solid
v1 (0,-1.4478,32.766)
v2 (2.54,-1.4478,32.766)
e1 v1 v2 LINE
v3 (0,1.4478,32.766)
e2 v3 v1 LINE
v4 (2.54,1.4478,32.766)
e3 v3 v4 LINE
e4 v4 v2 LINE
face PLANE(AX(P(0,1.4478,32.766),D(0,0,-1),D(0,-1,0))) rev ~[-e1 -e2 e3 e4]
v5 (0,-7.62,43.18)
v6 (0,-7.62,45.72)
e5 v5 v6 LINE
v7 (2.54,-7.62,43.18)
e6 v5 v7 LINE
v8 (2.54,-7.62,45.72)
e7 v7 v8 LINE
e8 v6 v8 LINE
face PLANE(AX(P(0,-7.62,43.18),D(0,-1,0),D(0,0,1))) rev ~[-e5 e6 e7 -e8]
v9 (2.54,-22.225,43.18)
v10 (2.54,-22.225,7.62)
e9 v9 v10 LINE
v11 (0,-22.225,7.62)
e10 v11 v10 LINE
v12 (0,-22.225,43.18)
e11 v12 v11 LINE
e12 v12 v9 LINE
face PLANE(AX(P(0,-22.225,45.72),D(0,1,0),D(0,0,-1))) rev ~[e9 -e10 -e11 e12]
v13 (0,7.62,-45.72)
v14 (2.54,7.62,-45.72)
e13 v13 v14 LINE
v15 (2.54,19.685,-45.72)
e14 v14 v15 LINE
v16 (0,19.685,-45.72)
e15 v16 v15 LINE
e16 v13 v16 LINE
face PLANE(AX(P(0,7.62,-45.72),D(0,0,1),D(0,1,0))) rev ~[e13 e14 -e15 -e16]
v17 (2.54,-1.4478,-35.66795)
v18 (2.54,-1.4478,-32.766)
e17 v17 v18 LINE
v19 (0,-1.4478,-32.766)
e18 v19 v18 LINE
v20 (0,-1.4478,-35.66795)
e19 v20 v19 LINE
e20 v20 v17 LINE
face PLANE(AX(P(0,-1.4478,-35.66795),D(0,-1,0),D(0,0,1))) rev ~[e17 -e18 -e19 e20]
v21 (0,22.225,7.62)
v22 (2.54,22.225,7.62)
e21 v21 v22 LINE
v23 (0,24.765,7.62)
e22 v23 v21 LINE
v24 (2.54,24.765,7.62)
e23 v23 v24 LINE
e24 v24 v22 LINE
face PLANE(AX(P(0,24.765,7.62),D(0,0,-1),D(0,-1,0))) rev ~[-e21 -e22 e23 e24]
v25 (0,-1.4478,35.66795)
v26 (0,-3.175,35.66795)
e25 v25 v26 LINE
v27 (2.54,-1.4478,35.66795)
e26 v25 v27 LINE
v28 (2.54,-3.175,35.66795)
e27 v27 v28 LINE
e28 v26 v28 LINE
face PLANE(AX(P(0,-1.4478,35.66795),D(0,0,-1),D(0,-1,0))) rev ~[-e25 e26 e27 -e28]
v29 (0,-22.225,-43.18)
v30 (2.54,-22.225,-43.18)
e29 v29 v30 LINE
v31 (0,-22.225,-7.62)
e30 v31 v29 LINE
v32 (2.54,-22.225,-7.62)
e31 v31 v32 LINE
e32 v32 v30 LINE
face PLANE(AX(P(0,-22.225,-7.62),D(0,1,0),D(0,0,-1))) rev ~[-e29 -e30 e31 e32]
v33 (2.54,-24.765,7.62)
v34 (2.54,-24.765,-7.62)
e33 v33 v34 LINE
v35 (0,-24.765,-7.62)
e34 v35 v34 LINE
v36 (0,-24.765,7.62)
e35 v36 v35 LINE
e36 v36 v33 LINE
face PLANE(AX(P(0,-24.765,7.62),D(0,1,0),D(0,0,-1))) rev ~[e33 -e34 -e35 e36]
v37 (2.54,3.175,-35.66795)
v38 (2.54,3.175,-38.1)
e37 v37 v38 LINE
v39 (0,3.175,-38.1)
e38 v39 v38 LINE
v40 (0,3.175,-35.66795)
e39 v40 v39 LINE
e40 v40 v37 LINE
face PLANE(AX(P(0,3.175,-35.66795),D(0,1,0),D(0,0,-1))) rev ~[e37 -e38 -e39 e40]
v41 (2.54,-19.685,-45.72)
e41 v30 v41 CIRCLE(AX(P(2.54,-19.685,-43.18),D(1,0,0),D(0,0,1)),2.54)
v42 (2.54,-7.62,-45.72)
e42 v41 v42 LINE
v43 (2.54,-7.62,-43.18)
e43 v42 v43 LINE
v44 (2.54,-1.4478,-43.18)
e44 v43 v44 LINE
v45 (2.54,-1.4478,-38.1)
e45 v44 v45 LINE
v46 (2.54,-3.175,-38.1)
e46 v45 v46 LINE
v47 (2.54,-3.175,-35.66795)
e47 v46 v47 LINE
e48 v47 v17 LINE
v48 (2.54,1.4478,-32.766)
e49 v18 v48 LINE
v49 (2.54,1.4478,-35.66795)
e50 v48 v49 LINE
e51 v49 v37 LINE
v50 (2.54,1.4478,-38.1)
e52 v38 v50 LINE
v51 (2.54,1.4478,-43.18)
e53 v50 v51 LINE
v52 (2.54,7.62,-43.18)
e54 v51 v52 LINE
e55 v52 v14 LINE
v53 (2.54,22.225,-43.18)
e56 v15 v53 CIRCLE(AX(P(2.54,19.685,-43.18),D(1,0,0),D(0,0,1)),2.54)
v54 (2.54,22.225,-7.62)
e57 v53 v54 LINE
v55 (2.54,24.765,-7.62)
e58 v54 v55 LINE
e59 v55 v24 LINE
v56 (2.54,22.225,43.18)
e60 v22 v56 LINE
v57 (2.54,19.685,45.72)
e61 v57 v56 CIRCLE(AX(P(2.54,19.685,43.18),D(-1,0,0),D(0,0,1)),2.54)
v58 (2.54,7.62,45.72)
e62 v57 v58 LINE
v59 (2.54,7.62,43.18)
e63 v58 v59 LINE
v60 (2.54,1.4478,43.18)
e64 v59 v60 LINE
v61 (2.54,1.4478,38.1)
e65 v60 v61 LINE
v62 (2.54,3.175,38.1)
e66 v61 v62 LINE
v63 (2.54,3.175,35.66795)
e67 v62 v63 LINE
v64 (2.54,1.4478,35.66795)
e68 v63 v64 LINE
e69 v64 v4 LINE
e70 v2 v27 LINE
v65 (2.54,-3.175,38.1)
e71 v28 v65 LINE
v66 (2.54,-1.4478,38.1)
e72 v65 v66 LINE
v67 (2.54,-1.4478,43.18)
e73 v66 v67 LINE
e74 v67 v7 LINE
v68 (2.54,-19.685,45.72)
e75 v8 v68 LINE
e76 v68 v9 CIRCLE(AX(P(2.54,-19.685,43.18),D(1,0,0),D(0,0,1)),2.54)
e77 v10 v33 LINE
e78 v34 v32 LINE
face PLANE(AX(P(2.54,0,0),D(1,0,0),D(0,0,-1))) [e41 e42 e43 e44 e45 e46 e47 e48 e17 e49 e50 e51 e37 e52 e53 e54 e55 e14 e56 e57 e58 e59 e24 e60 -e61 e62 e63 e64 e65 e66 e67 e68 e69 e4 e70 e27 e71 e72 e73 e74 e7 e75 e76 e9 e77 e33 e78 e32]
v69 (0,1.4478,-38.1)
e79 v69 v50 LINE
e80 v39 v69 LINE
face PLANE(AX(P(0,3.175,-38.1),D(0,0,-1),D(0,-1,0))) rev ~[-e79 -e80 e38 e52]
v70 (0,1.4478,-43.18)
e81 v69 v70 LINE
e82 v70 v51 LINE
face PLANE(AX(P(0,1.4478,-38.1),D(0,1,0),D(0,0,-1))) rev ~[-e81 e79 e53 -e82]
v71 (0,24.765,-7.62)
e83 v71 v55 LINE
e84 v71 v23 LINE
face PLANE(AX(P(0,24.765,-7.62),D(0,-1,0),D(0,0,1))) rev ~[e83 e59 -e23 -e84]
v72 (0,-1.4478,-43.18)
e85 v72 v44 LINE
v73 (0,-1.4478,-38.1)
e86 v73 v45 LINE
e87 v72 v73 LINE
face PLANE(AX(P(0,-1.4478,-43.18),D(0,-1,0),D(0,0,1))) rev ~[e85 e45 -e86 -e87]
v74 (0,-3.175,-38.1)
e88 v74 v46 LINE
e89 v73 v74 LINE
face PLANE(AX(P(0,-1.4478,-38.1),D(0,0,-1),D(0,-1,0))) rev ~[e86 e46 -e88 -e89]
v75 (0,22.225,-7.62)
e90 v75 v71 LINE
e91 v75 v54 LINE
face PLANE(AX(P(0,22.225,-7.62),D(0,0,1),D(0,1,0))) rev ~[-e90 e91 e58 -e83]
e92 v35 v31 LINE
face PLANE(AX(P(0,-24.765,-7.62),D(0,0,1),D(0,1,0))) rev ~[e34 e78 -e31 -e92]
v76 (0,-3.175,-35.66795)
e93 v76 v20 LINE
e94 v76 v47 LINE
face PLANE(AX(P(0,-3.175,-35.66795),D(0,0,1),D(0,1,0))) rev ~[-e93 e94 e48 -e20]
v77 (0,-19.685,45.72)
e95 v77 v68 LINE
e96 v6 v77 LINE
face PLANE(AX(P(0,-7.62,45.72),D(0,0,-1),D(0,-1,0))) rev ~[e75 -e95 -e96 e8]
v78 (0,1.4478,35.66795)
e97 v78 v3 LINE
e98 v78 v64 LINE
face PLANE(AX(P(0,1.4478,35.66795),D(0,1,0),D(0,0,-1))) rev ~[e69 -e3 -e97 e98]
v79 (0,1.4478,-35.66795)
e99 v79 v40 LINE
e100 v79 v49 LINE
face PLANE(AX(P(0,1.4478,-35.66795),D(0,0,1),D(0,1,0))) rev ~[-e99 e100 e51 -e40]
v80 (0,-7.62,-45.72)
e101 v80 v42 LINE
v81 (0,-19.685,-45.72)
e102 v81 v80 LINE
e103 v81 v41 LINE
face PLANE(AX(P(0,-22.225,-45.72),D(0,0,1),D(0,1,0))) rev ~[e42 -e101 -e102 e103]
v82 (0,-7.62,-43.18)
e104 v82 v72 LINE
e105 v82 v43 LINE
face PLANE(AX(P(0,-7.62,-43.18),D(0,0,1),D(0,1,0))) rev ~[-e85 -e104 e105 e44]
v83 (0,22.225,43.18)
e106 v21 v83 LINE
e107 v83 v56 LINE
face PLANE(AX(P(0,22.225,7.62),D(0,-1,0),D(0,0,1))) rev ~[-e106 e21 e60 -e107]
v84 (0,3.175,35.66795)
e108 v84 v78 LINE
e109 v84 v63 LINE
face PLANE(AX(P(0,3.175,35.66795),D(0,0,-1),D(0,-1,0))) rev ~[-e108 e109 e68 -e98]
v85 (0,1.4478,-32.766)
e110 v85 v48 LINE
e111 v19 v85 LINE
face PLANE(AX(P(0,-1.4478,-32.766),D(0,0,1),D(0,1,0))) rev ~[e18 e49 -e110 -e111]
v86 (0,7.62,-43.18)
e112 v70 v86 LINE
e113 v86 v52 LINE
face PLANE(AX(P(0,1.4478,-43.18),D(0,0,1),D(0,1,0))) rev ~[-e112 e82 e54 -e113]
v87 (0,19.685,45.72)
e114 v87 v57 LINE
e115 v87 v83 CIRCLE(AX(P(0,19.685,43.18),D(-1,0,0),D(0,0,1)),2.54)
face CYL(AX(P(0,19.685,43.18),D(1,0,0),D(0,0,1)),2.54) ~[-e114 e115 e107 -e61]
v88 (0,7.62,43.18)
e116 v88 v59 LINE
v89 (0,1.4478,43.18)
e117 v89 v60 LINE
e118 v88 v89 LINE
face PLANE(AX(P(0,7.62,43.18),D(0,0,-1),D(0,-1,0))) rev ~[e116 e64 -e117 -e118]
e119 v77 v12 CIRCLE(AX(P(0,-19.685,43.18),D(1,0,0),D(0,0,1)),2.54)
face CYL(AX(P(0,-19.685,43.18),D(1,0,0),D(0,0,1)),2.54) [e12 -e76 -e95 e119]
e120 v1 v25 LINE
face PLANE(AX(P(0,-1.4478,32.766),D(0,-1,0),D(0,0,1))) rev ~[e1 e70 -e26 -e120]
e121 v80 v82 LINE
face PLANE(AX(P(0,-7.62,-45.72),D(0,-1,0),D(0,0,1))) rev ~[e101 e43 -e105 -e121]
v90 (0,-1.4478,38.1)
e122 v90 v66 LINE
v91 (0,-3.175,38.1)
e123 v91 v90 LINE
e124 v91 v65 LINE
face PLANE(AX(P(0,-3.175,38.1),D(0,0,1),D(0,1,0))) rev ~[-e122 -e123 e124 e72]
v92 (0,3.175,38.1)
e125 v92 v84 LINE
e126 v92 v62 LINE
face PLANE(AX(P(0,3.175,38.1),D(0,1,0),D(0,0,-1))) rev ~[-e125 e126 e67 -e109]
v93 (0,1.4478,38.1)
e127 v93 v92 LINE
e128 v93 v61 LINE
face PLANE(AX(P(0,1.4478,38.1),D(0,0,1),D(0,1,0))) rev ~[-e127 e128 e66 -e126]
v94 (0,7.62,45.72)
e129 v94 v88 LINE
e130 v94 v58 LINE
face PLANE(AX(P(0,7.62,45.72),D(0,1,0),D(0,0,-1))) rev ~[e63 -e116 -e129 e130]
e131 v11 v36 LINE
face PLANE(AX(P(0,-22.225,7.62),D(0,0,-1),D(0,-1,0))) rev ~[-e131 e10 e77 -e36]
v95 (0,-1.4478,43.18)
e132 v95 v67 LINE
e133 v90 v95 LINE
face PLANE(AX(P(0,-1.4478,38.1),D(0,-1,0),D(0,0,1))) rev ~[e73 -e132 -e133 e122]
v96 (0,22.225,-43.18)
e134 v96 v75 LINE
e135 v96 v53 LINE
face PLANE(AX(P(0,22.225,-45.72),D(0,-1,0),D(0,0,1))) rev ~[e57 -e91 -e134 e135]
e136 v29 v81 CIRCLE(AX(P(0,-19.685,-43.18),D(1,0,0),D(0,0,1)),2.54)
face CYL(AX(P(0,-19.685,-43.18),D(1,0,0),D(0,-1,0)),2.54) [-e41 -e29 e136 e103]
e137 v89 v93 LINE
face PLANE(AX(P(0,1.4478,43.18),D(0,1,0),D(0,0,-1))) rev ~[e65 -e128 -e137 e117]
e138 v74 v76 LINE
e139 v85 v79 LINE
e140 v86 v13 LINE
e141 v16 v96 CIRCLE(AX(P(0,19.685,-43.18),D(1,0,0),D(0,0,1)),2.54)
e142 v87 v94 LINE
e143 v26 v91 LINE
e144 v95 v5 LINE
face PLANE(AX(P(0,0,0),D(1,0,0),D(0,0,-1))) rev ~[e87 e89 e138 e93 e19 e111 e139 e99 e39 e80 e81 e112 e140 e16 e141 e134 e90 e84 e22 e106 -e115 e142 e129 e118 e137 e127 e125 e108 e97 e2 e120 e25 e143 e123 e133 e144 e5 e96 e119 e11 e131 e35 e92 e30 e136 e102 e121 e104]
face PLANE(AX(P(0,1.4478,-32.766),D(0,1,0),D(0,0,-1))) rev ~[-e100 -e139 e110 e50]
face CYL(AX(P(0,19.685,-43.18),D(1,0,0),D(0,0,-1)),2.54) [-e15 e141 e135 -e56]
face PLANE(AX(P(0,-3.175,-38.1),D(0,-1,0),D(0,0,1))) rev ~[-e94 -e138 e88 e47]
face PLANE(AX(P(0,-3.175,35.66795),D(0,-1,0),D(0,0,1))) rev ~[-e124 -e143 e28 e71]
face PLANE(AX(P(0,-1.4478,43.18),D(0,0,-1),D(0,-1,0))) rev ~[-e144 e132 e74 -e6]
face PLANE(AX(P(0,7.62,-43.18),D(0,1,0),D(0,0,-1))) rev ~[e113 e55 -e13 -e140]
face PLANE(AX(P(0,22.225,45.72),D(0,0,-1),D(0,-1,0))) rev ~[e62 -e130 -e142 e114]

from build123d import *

# Parameters (mm, degrees)
BOSS_EXTRUDE1_DEPTH = 2.54
FILLET1_R           = 2.54


with BuildPart() as part:
    # Sketch2 → Boss-Extrude1 (new body)
    with BuildSketch(Plane(origin=(0, 0, 0), x_dir=(0, 0, -1), z_dir=(1, 0, 0))):
        Polygon((-45.72, 22.225), (-45.72, 7.62), (-43.18, 7.62), (-43.18, 1.4478), (-38.1, 1.4478), (-38.1, 3.175), (-35.66795, 3.175), (-35.66795, 1.4478), (-32.766, 1.4478), (-32.766, -1.4478), (-35.66795, -1.4478), (-35.66795, -3.175), (-38.1, -3.175), (-38.1, -1.4478), (-43.18, -1.4478), (-43.18, -7.62), (-45.72, -7.62), (-45.72, -22.225), (-7.62, -22.225), (-7.62, -24.765), (7.62, -24.765), (7.62, -22.225), (45.72, -22.225), (45.72, -7.62), (43.18, -7.62), (43.18, -1.4478), (38.1, -1.4478), (38.1, -3.175), (35.66795, -3.175), (35.66795, -1.4478), (32.766, -1.4478), (32.766, 1.4478), (35.66795, 1.4478), (35.66795, 3.175), (38.1, 3.175), (38.1, 1.4478), (43.18, 1.4478), (43.18, 7.62), (45.72, 7.62), (45.72, 22.225), (7.62, 22.225), (7.62, 24.765), (-7.62, 24.765), (-7.62, 22.225), align=None)
    extrude(amount=BOSS_EXTRUDE1_DEPTH)

    # Fillet1
    fillet1_edges = [part.edges().sort_by_distance(p)[0] for p in [
        (1.27, -22.225, -45.72),
        (1.27, -22.225, 45.72),
        (1.27, 22.225, 45.72),
        (1.27, 22.225, -45.72),
    ]]
    fillet(fillet1_edges, radius=FILLET1_R)


solid = part.part
